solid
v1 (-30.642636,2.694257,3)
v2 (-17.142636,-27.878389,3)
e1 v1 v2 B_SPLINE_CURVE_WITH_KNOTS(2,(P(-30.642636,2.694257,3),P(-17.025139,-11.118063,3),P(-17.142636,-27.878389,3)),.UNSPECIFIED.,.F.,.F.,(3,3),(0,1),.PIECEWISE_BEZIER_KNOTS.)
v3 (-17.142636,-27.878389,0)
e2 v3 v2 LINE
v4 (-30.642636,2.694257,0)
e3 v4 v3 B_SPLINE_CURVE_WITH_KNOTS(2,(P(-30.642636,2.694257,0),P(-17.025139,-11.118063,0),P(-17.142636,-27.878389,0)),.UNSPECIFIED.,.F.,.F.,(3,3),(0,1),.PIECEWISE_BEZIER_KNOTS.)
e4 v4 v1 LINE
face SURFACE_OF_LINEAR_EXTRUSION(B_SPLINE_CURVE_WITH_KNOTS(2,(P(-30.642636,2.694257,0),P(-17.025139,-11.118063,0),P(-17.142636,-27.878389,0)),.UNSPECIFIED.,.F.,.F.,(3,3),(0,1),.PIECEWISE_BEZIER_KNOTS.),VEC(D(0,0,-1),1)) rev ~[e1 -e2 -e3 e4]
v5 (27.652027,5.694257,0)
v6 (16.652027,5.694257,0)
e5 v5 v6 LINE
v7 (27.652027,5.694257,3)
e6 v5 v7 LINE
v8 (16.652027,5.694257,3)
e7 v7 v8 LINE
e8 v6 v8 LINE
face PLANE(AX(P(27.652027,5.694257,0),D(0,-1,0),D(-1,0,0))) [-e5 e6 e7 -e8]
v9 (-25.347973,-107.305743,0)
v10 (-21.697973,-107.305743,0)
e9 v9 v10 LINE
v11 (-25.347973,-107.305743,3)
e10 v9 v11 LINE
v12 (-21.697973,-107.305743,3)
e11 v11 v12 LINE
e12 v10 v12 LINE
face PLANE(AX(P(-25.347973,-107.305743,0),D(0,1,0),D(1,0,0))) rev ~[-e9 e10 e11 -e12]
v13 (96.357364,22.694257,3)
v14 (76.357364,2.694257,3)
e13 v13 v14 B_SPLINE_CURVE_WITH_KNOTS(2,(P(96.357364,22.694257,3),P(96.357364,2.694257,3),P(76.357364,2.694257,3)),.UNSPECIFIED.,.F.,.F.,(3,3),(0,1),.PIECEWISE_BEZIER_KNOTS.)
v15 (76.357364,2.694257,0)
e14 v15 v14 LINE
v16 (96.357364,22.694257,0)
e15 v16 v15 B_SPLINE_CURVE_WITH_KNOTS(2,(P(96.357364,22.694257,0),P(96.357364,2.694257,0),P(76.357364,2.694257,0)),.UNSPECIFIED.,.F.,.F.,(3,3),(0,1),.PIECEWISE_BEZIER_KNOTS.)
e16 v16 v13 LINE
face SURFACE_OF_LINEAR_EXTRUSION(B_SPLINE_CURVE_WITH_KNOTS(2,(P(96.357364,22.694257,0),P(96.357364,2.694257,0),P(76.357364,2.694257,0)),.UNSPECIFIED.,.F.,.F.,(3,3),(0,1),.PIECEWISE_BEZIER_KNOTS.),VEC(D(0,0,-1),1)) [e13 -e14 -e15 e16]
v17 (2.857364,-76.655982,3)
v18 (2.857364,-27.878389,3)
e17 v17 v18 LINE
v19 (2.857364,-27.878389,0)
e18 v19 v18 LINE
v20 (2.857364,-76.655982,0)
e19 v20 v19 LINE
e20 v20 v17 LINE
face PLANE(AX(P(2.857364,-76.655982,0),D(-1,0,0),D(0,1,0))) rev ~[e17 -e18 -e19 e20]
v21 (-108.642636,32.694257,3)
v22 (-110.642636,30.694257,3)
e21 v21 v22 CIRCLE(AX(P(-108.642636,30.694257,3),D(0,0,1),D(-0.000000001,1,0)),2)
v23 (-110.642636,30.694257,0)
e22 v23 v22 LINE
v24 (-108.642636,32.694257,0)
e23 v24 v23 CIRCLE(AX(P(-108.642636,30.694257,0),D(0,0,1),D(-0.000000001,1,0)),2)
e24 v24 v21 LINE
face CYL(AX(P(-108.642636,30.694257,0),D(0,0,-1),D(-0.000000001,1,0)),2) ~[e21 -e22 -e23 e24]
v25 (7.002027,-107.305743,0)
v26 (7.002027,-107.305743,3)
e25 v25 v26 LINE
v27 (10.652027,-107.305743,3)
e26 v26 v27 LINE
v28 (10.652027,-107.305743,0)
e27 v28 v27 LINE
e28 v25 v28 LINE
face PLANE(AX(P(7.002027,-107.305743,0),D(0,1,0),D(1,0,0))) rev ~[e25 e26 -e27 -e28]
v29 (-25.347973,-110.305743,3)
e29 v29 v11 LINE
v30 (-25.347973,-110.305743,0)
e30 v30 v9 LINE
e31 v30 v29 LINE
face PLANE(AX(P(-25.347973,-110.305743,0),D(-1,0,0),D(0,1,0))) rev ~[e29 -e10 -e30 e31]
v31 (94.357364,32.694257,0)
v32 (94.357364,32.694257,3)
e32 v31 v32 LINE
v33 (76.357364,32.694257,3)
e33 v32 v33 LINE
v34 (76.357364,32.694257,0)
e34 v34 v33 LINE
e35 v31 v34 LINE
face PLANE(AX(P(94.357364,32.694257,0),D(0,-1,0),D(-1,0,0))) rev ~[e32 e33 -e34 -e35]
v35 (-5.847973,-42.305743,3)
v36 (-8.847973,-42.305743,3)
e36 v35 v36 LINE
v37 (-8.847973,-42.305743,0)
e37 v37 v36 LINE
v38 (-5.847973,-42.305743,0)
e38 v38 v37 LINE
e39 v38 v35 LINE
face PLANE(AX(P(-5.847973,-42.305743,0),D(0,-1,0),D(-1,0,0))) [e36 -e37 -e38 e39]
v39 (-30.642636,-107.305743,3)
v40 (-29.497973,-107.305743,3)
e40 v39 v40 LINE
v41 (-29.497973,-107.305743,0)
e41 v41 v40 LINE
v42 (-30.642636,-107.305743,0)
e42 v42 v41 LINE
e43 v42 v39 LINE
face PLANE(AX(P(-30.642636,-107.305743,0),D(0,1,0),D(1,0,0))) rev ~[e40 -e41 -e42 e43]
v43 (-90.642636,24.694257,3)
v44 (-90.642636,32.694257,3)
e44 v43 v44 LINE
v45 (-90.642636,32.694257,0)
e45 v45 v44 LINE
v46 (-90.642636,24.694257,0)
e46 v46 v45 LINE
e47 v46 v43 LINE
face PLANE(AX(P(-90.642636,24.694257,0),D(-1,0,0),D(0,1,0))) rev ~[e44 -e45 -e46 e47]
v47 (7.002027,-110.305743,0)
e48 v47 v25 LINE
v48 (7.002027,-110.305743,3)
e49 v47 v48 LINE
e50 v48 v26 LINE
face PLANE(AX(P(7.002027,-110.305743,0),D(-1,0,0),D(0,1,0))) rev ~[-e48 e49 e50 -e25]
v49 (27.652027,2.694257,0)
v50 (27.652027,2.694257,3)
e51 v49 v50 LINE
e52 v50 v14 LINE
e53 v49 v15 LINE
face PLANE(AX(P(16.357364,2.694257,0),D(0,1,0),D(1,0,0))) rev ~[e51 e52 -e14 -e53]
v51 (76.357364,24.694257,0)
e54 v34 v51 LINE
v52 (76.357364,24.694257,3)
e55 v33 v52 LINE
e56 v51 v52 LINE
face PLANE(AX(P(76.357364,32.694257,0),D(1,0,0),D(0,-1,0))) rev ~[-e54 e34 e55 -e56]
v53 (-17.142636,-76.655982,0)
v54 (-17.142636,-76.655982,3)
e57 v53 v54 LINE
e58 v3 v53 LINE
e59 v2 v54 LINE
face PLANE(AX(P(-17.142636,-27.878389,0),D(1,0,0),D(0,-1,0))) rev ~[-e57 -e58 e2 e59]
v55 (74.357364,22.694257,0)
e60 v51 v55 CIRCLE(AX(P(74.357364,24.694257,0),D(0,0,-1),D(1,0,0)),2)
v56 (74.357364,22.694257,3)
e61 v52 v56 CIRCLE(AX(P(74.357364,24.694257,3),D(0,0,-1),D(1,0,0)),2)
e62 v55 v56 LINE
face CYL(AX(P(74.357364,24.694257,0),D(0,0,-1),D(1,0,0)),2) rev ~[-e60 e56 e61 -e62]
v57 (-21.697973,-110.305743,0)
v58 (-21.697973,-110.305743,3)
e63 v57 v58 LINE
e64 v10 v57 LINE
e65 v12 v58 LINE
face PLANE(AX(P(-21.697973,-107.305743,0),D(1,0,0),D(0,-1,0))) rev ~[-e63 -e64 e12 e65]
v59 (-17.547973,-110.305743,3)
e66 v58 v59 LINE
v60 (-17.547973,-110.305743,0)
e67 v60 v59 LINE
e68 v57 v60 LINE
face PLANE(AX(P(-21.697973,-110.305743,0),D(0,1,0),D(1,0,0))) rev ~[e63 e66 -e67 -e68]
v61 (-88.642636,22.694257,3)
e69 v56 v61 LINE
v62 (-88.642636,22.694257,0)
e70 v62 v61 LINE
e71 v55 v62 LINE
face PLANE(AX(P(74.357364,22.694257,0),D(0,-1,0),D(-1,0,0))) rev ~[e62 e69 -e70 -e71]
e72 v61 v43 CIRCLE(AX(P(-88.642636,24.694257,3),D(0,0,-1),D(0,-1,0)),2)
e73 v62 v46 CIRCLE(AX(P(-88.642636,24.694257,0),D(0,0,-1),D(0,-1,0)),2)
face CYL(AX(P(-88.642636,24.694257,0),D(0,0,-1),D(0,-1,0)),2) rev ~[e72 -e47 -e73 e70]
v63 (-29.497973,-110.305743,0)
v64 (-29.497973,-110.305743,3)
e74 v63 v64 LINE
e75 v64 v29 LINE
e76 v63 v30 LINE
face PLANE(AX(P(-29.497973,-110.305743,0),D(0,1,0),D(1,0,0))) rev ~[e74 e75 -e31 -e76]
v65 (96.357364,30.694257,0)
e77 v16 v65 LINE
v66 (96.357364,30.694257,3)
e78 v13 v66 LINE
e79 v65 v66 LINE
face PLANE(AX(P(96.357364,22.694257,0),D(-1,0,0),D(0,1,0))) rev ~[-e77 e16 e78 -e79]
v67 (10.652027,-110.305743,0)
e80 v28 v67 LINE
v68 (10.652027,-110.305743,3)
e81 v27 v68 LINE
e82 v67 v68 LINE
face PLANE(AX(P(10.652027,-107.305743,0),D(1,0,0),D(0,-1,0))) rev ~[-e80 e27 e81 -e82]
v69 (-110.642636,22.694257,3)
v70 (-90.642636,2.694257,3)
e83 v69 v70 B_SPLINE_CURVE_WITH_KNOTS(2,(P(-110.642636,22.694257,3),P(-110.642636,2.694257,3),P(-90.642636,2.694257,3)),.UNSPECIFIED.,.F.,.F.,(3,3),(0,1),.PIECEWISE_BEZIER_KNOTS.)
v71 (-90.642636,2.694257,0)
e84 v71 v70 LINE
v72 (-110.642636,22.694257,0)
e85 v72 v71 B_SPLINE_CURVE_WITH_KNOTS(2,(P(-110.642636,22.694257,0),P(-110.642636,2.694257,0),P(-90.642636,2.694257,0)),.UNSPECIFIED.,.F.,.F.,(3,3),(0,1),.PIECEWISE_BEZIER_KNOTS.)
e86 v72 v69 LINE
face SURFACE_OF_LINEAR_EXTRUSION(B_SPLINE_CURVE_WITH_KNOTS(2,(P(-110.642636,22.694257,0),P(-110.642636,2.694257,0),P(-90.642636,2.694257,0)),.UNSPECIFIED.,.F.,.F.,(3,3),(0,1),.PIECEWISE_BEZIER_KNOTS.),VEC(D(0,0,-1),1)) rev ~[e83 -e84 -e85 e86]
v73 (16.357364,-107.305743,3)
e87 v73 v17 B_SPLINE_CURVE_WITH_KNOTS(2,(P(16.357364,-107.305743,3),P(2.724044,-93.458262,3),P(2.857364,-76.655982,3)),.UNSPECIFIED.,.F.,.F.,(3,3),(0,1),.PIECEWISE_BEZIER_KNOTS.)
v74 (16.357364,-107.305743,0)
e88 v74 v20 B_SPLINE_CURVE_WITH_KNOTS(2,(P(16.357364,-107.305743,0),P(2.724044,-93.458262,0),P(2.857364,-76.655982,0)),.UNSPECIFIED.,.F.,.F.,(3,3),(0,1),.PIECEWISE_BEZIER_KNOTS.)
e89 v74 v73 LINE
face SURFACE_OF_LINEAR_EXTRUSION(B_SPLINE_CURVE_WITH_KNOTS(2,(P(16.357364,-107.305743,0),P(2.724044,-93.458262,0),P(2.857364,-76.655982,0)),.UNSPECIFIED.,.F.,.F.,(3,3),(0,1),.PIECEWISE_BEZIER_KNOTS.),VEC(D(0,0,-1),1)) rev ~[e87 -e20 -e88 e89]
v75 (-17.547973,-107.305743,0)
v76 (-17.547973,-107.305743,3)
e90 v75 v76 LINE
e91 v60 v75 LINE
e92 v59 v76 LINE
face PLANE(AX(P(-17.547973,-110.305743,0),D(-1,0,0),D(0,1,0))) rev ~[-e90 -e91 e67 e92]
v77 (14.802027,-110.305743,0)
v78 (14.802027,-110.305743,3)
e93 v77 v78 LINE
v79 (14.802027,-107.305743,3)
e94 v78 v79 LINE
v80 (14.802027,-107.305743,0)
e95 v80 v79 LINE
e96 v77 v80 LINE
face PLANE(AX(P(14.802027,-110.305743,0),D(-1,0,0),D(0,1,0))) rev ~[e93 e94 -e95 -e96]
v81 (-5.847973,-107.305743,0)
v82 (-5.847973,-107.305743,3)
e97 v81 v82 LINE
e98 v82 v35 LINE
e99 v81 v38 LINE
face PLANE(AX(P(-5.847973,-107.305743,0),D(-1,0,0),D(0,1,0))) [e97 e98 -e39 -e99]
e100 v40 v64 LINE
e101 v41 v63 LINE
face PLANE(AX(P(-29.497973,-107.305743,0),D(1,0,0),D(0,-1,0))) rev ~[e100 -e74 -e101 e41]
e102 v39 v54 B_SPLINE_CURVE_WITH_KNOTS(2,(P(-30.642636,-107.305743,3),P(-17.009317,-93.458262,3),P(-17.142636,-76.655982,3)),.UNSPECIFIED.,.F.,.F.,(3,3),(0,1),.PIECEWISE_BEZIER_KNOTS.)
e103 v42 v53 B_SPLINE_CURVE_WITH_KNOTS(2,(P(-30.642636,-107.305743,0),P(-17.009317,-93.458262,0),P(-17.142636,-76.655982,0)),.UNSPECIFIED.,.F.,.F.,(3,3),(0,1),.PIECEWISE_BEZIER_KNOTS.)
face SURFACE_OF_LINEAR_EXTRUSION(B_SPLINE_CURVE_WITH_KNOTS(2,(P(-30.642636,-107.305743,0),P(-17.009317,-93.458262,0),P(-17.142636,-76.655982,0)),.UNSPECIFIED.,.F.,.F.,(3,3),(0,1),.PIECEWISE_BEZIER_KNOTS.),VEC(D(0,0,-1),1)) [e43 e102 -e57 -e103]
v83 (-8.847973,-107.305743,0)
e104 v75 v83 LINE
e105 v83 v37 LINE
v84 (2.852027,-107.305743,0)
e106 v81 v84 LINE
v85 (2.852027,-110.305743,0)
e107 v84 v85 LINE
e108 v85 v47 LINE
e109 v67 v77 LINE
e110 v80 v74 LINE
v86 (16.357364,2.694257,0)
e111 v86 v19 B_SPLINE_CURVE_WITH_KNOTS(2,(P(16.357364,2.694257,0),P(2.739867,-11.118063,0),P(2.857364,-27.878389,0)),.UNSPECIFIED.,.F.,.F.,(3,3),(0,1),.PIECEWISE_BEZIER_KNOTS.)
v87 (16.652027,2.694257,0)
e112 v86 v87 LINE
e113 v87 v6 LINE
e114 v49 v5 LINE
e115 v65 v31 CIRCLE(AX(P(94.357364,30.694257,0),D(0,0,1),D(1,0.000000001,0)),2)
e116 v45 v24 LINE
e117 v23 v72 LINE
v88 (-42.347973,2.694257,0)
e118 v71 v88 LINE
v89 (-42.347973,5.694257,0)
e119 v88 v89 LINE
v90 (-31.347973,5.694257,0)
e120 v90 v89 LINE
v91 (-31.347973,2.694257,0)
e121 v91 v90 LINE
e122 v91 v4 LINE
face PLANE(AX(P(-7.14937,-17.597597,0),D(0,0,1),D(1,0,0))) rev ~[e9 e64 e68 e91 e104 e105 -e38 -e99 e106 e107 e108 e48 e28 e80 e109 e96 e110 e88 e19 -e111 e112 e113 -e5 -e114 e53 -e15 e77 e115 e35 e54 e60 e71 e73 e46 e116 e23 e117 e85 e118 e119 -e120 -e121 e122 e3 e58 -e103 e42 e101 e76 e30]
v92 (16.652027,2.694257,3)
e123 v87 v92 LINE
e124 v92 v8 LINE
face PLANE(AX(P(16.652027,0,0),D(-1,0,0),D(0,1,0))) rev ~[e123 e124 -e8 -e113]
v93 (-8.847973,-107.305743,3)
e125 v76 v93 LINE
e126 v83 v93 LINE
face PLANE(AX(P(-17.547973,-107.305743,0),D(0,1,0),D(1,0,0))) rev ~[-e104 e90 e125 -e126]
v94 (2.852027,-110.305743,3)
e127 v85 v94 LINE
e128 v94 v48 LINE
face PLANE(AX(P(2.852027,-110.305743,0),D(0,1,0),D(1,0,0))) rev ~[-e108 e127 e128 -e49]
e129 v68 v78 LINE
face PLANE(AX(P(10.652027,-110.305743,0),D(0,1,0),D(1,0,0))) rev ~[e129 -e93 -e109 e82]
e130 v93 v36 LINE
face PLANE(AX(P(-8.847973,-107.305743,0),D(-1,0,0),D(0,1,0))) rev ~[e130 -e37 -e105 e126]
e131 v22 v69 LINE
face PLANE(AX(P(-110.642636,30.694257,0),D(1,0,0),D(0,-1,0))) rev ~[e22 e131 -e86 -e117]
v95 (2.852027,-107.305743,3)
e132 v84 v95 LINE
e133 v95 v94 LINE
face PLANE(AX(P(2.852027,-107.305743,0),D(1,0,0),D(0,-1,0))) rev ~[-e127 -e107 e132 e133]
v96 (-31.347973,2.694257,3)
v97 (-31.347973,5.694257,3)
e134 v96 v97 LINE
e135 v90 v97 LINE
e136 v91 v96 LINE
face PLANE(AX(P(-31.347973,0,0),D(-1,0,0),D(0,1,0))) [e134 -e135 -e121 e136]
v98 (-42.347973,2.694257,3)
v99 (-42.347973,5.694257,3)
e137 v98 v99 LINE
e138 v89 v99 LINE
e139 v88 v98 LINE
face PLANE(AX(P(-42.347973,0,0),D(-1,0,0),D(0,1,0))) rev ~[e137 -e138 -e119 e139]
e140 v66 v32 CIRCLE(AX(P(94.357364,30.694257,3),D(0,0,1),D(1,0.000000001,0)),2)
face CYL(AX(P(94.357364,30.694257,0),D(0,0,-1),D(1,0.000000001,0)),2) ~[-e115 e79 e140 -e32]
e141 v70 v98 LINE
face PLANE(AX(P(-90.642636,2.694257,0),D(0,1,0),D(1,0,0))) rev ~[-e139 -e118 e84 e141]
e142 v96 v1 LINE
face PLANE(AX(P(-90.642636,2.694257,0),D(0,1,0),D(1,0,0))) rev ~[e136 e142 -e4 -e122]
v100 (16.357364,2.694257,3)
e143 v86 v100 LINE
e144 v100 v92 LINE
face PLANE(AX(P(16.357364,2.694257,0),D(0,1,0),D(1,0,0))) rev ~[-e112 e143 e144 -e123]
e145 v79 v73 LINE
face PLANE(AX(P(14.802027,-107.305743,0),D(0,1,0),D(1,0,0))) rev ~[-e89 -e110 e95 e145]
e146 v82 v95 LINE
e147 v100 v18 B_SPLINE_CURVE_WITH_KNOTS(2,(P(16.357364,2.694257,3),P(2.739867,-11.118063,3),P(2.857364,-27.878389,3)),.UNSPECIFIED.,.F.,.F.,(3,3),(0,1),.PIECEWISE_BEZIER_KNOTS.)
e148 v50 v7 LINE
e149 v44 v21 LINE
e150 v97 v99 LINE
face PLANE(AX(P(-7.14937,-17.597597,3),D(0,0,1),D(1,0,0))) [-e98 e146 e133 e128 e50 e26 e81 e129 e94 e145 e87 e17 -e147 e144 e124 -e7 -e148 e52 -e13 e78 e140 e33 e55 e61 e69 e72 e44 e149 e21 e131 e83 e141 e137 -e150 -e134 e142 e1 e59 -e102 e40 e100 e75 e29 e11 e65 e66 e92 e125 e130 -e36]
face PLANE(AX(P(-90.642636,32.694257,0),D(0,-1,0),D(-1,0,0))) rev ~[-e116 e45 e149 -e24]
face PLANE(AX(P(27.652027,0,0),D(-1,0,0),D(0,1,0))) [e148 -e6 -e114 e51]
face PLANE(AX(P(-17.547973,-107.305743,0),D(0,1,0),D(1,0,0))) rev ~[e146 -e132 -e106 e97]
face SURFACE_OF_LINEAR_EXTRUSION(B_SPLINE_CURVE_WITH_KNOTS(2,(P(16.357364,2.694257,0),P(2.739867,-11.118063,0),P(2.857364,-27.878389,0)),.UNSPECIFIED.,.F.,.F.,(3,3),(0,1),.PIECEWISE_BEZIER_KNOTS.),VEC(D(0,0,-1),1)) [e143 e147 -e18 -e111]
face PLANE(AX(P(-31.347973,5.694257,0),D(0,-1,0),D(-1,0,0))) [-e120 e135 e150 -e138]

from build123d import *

# Parameters (mm, degrees)
P_IDAT_VYSUNUT_M2_DEPTH  = 3
SKICA2_W                 = 3
SKICA2_H                 = 65
ODEBRAT_VYSUNUT_M3_DEPTH = 3
SKICA3_W                 = 11
SKICA3_H                 = 5.694256757
ODEBRAT_VYSUNUT_M4_DEPTH = 3


with BuildPart() as part:
    # Skica1 → Přidat vysunutím2 (new body)
    with BuildSketch(Plane.XY):
        with BuildLine():
            Line((-90.642636358, 2.694256757), (-30.642636358, 2.694256757))
            add(Edge.make_bspline(
                [(-30.642636358, 2.694256757), (-17.025139471, -11.118063286), (-17.142636358, -27.878389443)],
                knots=[0, 0, 0, 1, 1, 1], degree=2))
            Line((-17.142636358, -27.878389443), (-17.142636358, -76.655981804))
            add(Edge.make_bspline(
                [(-30.642636358, -107.305743243), (-17.009316786, -93.458261678), (-17.142636358, -76.655981804)],
                knots=[0, 0, 0, 1, 1, 1], degree=2))
            Line((-30.642636358, -107.305743243), (-29.497972973, -107.305743243))
            Line((-29.497972973, -107.305743243), (-29.497972973, -110.305743243))
            Line((-29.497972973, -110.305743243), (-25.347972973, -110.305743243))
            Line((-25.347972973, -110.305743243), (-25.347972973, -107.305743243))
            Line((-25.347972973, -107.305743243), (-21.697972973, -107.305743243))
            Line((-21.697972973, -107.305743243), (-21.697972973, -110.305743243))
            Line((-21.697972973, -110.305743243), (-17.547972973, -110.305743243))
            Line((-17.547972973, -110.305743243), (-17.547972973, -107.305743243))
            Line((-17.547972973, -107.305743243), (2.852027027, -107.305743243))
            Line((2.852027027, -107.305743243), (2.852027027, -110.305743243))
            Line((2.852027027, -110.305743243), (7.002027027, -110.305743243))
            Line((7.002027027, -110.305743243), (7.002027027, -107.305743243))
            Line((7.002027027, -107.305743243), (10.652027027, -107.305743243))
            Line((10.652027027, -107.305743243), (10.652027027, -110.305743243))
            Line((10.652027027, -110.305743243), (14.802027027, -110.305743243))
            Line((14.802027027, -110.305743243), (14.802027027, -107.305743243))
            Line((14.802027027, -107.305743243), (16.357363642, -107.305743243))
            add(Edge.make_bspline(
                [(16.357363642, -107.305743243), (2.72404407, -93.458261678), (2.857363642, -76.655981804)],
                knots=[0, 0, 0, 1, 1, 1], degree=2))
            Line((2.857363642, -76.655981804), (2.857363642, -27.878389443))
            add(Edge.make_bspline(
                [(16.357363642, 2.694256757), (2.739866756, -11.118063286), (2.857363642, -27.878389443)],
                knots=[0, 0, 0, 1, 1, 1], degree=2))
            Line((16.357363642, 2.694256757), (76.357363642, 2.694256757))
            add(Edge.make_bspline(
                [(96.357363642, 22.694256757), (96.357363642, 2.694256757), (76.357363642, 2.694256757)],
                knots=[0, 0, 0, 1, 1, 1], degree=2))
            Line((96.357363642, 22.694256757), (96.357363642, 30.694256757))
            ThreePointArc((96.357363642, 30.694256757), (95.771577204, 32.108470319), (94.357363642, 32.694256757))
            Line((94.357363642, 32.694256757), (76.357363642, 32.694256757))
            Line((76.357363642, 32.694256757), (76.357363642, 24.694256757))
            ThreePointArc((76.357363642, 24.694256757), (75.771577204, 23.280043194), (74.357363642, 22.694256757))
            Line((74.357363642, 22.694256757), (-88.642636358, 22.694256757))
            ThreePointArc((-88.642636358, 22.694256757), (-90.05684992, 23.280043194), (-90.642636358, 24.694256757))
            Line((-90.642636358, 24.694256757), (-90.642636358, 32.694256757))
            Line((-90.642636358, 32.694256757), (-108.642636358, 32.694256757))
            ThreePointArc((-108.642636358, 32.694256757), (-110.05684992, 32.108470319), (-110.642636358, 30.694256757))
            Line((-110.642636358, 30.694256757), (-110.642636358, 22.694256757))
            add(Edge.make_bspline(
                [(-110.642636358, 22.694256757), (-110.642636358, 2.694256757), (-90.642636358, 2.694256757)],
                knots=[0, 0, 0, 1, 1, 1], degree=2))
        make_face()
    extrude(amount=P_IDAT_VYSUNUT_M2_DEPTH)

    # Skica2 → Odebrat vysunutím3 (cut)
    with BuildSketch(Plane(origin=(0, 0, 0), x_dir=(-1, 0, 0), z_dir=(0, 0, -1))):
        with Locations((7.347972973, -74.805743243)):
            Rectangle(SKICA2_W, SKICA2_H)
    extrude(amount=-ODEBRAT_VYSUNUT_M3_DEPTH, mode=Mode.SUBTRACT)

    # Skica3 → Odebrat vysunutím4 (cut)
    with BuildSketch(Plane(origin=(0, 0, 0), x_dir=(-1, 0, 0), z_dir=(0, 0, -1))):
        with Locations((-22.152027027, 2.847128379)):
            Rectangle(SKICA3_W, SKICA3_H)
        with Locations((36.847972973, 2.847128379)):
            Rectangle(SKICA3_W, SKICA3_H)
    extrude(amount=-ODEBRAT_VYSUNUT_M4_DEPTH, mode=Mode.SUBTRACT)


solid = part.part
